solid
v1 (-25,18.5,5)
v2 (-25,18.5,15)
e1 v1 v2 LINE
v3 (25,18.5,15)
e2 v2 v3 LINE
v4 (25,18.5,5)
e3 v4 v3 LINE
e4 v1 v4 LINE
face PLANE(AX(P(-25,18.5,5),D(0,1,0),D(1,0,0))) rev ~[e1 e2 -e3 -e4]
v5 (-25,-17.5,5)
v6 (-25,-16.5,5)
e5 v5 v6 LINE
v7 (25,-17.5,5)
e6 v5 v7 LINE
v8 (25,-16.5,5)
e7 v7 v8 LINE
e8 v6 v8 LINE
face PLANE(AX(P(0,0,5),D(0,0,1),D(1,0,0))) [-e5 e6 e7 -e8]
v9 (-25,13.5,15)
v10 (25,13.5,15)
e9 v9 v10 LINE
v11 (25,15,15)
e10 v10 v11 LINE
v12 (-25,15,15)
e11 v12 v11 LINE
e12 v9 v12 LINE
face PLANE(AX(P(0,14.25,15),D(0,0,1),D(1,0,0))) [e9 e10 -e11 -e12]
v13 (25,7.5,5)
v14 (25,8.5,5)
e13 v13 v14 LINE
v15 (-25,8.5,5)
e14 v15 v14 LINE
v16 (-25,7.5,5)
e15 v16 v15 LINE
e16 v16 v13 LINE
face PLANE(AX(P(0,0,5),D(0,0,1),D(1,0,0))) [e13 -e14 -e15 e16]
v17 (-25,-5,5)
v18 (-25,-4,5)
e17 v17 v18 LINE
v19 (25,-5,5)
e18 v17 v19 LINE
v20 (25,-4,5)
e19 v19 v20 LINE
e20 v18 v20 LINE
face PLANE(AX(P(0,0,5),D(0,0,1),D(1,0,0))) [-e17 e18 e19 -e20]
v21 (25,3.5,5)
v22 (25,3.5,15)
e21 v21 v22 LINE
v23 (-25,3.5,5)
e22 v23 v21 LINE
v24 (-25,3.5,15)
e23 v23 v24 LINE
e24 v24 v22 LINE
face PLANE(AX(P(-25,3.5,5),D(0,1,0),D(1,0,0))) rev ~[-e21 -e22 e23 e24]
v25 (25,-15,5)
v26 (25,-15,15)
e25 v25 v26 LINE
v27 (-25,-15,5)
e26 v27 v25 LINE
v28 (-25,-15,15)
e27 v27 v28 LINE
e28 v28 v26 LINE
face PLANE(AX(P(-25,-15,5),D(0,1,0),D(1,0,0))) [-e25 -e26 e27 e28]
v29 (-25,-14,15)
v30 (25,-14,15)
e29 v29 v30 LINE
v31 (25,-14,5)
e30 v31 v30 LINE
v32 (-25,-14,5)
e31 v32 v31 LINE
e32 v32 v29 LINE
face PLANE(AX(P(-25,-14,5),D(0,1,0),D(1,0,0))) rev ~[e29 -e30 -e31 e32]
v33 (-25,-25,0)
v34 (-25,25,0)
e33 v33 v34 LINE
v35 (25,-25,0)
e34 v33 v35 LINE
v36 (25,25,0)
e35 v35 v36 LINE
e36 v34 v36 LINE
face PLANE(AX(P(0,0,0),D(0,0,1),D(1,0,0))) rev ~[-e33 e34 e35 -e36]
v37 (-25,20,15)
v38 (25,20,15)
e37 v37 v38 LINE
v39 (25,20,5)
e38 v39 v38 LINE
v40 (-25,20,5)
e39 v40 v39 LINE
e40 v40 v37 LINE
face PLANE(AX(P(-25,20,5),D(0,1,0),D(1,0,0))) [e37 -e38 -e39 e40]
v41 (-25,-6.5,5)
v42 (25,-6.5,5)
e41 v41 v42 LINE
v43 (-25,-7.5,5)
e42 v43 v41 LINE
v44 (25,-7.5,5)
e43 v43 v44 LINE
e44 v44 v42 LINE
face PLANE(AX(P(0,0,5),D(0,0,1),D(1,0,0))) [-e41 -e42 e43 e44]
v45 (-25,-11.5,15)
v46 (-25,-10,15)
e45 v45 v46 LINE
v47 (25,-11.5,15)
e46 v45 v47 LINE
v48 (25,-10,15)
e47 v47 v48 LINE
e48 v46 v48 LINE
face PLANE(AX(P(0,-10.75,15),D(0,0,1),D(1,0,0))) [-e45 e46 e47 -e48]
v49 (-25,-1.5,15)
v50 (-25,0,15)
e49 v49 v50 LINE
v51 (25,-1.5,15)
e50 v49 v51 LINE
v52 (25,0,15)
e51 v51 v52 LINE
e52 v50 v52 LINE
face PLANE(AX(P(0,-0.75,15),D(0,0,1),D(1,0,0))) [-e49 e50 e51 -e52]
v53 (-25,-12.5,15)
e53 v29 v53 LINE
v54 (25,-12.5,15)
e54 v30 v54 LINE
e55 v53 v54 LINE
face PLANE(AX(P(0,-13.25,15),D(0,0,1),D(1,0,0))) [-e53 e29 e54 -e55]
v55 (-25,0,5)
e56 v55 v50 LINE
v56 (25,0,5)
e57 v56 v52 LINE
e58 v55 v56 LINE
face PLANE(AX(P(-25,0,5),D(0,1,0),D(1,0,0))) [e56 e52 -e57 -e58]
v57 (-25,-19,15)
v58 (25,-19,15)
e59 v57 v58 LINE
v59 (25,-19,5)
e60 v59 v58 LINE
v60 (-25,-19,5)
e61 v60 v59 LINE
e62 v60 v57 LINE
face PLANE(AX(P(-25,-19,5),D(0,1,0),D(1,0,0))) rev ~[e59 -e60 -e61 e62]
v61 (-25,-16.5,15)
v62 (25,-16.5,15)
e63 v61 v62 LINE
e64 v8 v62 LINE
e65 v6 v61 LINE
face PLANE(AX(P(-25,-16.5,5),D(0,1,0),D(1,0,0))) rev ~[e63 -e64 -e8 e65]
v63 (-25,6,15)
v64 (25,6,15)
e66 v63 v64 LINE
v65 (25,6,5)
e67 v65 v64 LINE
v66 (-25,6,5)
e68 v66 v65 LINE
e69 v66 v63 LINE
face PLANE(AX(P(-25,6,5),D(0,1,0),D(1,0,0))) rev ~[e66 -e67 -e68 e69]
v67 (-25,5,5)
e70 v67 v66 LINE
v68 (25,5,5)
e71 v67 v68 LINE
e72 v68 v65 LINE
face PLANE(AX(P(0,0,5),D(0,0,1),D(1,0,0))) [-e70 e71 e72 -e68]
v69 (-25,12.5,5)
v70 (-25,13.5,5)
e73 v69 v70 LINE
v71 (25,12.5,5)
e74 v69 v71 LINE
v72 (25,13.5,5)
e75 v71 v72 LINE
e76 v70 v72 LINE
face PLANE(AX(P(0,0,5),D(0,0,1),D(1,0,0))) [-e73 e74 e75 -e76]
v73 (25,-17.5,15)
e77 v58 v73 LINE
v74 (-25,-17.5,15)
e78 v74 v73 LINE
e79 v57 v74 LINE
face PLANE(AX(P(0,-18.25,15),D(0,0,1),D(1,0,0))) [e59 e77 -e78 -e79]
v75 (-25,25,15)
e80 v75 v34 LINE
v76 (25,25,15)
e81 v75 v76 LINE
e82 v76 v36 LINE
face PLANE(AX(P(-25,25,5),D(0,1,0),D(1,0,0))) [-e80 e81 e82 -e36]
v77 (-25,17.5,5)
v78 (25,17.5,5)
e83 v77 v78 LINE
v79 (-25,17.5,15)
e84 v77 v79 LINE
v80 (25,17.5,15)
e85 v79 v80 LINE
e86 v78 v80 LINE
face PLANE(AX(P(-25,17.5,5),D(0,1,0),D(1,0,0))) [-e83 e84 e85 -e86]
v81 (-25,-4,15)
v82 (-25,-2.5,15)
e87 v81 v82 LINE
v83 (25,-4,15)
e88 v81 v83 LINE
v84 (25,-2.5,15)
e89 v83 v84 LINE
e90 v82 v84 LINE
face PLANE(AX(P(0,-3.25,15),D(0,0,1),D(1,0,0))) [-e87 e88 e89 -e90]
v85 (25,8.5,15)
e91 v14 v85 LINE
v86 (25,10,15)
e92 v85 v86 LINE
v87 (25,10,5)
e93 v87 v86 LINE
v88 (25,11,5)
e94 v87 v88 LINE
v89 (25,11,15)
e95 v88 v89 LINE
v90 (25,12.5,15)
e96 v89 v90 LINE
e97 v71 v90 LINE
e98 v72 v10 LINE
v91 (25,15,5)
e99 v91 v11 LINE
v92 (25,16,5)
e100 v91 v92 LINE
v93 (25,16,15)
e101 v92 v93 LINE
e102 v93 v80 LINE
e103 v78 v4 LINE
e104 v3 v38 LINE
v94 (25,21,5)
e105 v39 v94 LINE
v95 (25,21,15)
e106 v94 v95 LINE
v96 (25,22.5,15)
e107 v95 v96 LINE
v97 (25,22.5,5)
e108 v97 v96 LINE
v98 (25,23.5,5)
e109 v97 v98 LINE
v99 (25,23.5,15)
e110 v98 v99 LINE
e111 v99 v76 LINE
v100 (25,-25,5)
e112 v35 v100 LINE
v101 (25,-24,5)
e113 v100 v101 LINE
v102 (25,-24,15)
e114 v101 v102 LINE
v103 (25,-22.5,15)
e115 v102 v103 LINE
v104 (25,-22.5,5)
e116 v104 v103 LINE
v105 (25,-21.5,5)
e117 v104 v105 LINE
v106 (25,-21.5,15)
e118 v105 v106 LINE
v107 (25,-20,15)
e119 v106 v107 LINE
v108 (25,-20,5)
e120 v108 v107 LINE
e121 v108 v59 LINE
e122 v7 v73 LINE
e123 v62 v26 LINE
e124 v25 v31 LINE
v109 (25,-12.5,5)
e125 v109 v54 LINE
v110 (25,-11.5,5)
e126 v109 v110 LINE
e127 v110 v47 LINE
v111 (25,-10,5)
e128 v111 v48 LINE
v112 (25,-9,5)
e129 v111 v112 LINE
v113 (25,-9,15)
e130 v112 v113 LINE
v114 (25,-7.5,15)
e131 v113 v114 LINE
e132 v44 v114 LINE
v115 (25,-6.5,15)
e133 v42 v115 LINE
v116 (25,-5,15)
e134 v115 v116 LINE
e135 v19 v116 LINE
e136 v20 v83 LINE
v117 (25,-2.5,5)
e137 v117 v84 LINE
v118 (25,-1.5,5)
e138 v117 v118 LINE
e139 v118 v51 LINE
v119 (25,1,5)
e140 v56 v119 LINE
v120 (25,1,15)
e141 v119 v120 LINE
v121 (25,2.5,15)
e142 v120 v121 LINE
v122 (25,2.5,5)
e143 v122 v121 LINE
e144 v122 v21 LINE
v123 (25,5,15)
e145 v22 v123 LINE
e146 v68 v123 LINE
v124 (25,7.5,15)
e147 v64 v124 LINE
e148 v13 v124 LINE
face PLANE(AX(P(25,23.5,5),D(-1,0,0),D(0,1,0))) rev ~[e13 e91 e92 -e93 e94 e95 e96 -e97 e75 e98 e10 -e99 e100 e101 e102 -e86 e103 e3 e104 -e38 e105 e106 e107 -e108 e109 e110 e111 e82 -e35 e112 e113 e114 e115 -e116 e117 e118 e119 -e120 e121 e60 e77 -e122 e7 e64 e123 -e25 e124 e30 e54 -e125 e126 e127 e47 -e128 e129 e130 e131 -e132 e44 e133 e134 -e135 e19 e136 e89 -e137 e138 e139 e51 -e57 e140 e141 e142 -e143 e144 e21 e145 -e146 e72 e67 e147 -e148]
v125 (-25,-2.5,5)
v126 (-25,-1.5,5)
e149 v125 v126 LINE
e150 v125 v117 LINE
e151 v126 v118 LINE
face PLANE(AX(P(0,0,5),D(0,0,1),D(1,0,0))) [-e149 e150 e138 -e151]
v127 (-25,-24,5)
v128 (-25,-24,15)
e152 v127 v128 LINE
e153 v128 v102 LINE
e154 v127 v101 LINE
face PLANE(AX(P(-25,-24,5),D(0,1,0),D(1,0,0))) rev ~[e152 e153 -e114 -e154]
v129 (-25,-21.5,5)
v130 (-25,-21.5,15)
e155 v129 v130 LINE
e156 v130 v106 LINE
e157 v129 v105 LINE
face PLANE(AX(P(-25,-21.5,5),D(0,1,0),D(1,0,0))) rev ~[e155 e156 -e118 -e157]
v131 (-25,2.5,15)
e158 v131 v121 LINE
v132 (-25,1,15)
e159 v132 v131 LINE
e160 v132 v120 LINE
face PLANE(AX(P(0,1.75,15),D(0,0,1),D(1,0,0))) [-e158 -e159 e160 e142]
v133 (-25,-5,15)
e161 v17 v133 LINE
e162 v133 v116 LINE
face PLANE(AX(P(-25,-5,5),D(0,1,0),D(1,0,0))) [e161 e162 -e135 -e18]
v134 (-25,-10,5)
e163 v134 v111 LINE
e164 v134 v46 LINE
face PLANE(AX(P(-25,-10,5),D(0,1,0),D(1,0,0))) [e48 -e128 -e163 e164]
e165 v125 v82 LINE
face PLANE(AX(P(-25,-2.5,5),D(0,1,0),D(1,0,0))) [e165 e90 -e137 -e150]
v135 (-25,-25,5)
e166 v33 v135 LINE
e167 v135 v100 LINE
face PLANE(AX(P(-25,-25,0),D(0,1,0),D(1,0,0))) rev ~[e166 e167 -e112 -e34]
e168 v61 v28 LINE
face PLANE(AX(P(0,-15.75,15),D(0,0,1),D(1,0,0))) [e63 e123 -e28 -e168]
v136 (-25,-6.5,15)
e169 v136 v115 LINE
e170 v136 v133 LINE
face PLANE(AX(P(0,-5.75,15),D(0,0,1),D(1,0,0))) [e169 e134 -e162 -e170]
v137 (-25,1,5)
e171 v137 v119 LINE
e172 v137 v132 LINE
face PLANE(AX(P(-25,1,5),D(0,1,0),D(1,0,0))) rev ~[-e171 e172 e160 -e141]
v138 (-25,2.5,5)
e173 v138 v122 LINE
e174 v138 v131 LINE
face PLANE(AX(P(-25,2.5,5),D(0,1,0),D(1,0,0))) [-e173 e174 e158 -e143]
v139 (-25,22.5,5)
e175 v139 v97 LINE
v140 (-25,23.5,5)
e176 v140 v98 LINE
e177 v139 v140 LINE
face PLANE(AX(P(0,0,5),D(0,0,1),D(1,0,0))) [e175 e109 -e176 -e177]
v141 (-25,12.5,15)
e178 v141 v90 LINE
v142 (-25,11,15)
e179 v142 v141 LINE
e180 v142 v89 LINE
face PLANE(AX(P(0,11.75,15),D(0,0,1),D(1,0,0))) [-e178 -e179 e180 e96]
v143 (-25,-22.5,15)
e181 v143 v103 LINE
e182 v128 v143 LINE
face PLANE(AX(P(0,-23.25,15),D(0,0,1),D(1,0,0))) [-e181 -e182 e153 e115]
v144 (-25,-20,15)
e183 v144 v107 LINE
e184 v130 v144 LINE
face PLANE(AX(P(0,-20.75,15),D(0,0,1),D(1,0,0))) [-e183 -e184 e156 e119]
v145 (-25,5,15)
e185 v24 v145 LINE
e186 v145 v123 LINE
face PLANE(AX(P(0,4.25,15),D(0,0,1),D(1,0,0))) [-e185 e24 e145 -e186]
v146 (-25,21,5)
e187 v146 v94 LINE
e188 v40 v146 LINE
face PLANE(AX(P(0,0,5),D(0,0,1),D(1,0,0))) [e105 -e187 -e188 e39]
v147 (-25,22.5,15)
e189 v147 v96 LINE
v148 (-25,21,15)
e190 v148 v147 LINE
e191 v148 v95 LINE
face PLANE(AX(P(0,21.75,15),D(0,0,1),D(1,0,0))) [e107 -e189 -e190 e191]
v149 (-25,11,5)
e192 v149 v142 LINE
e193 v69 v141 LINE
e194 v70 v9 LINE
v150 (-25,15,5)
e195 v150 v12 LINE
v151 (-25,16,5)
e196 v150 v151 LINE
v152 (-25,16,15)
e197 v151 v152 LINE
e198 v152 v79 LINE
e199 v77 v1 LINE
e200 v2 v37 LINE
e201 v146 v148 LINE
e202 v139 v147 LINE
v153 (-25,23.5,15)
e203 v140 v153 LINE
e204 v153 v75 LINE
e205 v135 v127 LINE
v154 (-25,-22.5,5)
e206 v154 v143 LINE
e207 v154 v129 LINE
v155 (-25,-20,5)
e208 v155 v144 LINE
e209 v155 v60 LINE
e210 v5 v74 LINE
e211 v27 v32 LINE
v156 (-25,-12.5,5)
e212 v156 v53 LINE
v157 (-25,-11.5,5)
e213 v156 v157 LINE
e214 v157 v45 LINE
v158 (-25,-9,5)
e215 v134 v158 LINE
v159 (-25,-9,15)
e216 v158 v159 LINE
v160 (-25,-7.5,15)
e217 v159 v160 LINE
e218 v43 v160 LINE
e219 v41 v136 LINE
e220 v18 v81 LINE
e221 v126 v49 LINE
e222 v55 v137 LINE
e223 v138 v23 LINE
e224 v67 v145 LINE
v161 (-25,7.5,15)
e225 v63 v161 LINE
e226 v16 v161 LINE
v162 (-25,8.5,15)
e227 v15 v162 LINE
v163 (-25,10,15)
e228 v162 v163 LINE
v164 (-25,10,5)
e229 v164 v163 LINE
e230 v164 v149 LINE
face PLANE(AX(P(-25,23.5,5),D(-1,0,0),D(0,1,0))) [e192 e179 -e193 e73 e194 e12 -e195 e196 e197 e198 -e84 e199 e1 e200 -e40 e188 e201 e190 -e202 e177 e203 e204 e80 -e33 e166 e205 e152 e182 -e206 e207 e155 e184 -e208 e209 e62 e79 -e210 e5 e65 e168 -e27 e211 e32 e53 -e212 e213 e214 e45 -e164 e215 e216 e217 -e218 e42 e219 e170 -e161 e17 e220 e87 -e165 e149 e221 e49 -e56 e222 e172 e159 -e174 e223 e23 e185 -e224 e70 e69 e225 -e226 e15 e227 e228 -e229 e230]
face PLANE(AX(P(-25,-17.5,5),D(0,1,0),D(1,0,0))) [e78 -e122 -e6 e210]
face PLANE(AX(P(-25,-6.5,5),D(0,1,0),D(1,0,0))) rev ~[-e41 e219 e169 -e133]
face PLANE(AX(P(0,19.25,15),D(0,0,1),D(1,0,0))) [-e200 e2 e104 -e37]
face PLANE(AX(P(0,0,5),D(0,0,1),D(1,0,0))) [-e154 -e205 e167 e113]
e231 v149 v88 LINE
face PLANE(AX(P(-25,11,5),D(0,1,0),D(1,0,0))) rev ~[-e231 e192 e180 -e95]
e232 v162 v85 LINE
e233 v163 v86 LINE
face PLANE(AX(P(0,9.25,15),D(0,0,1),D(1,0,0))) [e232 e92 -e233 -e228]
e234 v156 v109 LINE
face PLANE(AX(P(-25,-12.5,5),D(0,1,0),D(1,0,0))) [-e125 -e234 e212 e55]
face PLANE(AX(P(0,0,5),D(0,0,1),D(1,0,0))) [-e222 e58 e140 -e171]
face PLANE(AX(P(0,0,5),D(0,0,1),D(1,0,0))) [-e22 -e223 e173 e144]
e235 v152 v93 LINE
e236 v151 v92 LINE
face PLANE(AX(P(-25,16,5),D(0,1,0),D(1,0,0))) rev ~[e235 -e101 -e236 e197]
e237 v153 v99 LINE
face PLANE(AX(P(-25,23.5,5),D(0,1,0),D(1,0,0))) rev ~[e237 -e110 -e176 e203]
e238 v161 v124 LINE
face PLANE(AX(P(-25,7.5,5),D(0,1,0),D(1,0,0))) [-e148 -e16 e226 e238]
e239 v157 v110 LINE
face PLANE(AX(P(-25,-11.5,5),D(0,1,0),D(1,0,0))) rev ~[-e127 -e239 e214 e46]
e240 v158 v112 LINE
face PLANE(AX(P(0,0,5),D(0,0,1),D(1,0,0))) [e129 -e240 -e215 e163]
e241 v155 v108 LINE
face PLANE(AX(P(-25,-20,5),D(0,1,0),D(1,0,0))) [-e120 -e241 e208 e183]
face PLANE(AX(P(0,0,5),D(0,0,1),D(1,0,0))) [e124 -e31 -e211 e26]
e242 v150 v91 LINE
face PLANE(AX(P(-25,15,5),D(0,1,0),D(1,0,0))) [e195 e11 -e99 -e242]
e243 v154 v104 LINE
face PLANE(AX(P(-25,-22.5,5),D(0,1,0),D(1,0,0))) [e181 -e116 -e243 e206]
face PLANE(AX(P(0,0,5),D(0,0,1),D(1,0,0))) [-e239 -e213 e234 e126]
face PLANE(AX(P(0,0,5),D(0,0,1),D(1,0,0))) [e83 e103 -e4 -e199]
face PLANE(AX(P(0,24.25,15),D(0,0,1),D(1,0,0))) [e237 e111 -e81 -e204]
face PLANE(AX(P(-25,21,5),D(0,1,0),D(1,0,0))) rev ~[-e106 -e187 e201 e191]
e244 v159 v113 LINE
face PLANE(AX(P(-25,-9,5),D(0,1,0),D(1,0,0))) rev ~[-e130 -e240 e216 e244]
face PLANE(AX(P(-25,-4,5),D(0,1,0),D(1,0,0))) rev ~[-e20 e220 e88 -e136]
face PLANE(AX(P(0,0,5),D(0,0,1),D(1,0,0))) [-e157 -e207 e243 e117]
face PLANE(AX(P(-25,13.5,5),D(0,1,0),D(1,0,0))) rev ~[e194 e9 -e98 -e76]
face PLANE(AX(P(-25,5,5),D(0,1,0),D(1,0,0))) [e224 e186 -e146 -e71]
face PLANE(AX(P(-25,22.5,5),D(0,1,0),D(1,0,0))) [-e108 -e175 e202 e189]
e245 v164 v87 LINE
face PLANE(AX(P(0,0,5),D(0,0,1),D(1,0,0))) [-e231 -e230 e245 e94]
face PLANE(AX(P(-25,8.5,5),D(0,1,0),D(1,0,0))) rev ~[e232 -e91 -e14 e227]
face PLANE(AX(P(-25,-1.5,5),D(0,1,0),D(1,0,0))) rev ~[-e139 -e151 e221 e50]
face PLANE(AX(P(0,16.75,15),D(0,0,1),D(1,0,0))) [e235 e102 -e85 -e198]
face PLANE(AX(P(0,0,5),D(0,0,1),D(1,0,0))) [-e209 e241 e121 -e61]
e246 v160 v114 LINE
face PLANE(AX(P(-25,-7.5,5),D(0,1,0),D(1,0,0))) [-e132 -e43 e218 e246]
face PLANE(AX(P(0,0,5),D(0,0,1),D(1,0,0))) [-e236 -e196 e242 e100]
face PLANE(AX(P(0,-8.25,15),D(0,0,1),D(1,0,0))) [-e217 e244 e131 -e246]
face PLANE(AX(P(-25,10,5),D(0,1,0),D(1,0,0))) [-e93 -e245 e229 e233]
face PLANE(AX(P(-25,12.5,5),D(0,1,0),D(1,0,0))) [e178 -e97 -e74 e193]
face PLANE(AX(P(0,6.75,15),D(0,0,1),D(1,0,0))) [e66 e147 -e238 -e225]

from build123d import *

# Parameters (mm, degrees)
SKETCH1_W           = 50
SKETCH1_H           = 50
BOSS_EXTRUDE1_DEPTH = 5
SKETCH2_W           = 50
SKETCH2_H           = 1.5
BOSS_EXTRUDE2_DEPTH = 10


with BuildPart() as part:
    # Sketch1 → Boss-Extrude1 (new body)
    with BuildSketch(Plane.XY):
        Rectangle(SKETCH1_W, SKETCH1_H)
    extrude(amount=BOSS_EXTRUDE1_DEPTH)

    # Sketch2 → Boss-Extrude2 (add)
    with BuildSketch(Plane.XY.offset(5)):
        with Locations((0, 24.25)):
            Rectangle(SKETCH2_W, SKETCH2_H)
        with Locations((0, 21.75)):
            Rectangle(SKETCH2_W, SKETCH2_H)
        with Locations((0, 19.25)):
            Rectangle(SKETCH2_W, SKETCH2_H)
        with Locations((0, 16.75)):
            Rectangle(SKETCH2_W, SKETCH2_H)
        with Locations((0, 14.25)):
            Rectangle(SKETCH2_W, SKETCH2_H)
        with Locations((0, 11.75)):
            Rectangle(SKETCH2_W, SKETCH2_H)
        with Locations((0, 9.25)):
            Rectangle(SKETCH2_W, SKETCH2_H)
        with Locations((0, 6.75)):
            Rectangle(SKETCH2_W, SKETCH2_H)
        with Locations((0, 4.25)):
            Rectangle(SKETCH2_W, SKETCH2_H)
        with Locations((0, 1.75)):
            Rectangle(SKETCH2_W, SKETCH2_H)
        with Locations((0, -0.75)):
            Rectangle(SKETCH2_W, SKETCH2_H)
        with Locations((0, -3.25)):
            Rectangle(SKETCH2_W, SKETCH2_H)
        with Locations((0, -5.75)):
            Rectangle(SKETCH2_W, SKETCH2_H)
        with Locations((0, -8.25)):
            Rectangle(SKETCH2_W, SKETCH2_H)
        with Locations((0, -10.75)):
            Rectangle(SKETCH2_W, SKETCH2_H)
        with Locations((0, -13.25)):
            Rectangle(SKETCH2_W, SKETCH2_H)
        with Locations((0, -15.75)):
            Rectangle(SKETCH2_W, SKETCH2_H)
        with Locations((0, -18.25)):
            Rectangle(SKETCH2_W, SKETCH2_H)
        with Locations((0, -20.75)):
            Rectangle(SKETCH2_W, SKETCH2_H)
        with Locations((0, -23.25)):
            Rectangle(SKETCH2_W, SKETCH2_H)
    extrude(amount=BOSS_EXTRUDE2_DEPTH)


solid = part.part
